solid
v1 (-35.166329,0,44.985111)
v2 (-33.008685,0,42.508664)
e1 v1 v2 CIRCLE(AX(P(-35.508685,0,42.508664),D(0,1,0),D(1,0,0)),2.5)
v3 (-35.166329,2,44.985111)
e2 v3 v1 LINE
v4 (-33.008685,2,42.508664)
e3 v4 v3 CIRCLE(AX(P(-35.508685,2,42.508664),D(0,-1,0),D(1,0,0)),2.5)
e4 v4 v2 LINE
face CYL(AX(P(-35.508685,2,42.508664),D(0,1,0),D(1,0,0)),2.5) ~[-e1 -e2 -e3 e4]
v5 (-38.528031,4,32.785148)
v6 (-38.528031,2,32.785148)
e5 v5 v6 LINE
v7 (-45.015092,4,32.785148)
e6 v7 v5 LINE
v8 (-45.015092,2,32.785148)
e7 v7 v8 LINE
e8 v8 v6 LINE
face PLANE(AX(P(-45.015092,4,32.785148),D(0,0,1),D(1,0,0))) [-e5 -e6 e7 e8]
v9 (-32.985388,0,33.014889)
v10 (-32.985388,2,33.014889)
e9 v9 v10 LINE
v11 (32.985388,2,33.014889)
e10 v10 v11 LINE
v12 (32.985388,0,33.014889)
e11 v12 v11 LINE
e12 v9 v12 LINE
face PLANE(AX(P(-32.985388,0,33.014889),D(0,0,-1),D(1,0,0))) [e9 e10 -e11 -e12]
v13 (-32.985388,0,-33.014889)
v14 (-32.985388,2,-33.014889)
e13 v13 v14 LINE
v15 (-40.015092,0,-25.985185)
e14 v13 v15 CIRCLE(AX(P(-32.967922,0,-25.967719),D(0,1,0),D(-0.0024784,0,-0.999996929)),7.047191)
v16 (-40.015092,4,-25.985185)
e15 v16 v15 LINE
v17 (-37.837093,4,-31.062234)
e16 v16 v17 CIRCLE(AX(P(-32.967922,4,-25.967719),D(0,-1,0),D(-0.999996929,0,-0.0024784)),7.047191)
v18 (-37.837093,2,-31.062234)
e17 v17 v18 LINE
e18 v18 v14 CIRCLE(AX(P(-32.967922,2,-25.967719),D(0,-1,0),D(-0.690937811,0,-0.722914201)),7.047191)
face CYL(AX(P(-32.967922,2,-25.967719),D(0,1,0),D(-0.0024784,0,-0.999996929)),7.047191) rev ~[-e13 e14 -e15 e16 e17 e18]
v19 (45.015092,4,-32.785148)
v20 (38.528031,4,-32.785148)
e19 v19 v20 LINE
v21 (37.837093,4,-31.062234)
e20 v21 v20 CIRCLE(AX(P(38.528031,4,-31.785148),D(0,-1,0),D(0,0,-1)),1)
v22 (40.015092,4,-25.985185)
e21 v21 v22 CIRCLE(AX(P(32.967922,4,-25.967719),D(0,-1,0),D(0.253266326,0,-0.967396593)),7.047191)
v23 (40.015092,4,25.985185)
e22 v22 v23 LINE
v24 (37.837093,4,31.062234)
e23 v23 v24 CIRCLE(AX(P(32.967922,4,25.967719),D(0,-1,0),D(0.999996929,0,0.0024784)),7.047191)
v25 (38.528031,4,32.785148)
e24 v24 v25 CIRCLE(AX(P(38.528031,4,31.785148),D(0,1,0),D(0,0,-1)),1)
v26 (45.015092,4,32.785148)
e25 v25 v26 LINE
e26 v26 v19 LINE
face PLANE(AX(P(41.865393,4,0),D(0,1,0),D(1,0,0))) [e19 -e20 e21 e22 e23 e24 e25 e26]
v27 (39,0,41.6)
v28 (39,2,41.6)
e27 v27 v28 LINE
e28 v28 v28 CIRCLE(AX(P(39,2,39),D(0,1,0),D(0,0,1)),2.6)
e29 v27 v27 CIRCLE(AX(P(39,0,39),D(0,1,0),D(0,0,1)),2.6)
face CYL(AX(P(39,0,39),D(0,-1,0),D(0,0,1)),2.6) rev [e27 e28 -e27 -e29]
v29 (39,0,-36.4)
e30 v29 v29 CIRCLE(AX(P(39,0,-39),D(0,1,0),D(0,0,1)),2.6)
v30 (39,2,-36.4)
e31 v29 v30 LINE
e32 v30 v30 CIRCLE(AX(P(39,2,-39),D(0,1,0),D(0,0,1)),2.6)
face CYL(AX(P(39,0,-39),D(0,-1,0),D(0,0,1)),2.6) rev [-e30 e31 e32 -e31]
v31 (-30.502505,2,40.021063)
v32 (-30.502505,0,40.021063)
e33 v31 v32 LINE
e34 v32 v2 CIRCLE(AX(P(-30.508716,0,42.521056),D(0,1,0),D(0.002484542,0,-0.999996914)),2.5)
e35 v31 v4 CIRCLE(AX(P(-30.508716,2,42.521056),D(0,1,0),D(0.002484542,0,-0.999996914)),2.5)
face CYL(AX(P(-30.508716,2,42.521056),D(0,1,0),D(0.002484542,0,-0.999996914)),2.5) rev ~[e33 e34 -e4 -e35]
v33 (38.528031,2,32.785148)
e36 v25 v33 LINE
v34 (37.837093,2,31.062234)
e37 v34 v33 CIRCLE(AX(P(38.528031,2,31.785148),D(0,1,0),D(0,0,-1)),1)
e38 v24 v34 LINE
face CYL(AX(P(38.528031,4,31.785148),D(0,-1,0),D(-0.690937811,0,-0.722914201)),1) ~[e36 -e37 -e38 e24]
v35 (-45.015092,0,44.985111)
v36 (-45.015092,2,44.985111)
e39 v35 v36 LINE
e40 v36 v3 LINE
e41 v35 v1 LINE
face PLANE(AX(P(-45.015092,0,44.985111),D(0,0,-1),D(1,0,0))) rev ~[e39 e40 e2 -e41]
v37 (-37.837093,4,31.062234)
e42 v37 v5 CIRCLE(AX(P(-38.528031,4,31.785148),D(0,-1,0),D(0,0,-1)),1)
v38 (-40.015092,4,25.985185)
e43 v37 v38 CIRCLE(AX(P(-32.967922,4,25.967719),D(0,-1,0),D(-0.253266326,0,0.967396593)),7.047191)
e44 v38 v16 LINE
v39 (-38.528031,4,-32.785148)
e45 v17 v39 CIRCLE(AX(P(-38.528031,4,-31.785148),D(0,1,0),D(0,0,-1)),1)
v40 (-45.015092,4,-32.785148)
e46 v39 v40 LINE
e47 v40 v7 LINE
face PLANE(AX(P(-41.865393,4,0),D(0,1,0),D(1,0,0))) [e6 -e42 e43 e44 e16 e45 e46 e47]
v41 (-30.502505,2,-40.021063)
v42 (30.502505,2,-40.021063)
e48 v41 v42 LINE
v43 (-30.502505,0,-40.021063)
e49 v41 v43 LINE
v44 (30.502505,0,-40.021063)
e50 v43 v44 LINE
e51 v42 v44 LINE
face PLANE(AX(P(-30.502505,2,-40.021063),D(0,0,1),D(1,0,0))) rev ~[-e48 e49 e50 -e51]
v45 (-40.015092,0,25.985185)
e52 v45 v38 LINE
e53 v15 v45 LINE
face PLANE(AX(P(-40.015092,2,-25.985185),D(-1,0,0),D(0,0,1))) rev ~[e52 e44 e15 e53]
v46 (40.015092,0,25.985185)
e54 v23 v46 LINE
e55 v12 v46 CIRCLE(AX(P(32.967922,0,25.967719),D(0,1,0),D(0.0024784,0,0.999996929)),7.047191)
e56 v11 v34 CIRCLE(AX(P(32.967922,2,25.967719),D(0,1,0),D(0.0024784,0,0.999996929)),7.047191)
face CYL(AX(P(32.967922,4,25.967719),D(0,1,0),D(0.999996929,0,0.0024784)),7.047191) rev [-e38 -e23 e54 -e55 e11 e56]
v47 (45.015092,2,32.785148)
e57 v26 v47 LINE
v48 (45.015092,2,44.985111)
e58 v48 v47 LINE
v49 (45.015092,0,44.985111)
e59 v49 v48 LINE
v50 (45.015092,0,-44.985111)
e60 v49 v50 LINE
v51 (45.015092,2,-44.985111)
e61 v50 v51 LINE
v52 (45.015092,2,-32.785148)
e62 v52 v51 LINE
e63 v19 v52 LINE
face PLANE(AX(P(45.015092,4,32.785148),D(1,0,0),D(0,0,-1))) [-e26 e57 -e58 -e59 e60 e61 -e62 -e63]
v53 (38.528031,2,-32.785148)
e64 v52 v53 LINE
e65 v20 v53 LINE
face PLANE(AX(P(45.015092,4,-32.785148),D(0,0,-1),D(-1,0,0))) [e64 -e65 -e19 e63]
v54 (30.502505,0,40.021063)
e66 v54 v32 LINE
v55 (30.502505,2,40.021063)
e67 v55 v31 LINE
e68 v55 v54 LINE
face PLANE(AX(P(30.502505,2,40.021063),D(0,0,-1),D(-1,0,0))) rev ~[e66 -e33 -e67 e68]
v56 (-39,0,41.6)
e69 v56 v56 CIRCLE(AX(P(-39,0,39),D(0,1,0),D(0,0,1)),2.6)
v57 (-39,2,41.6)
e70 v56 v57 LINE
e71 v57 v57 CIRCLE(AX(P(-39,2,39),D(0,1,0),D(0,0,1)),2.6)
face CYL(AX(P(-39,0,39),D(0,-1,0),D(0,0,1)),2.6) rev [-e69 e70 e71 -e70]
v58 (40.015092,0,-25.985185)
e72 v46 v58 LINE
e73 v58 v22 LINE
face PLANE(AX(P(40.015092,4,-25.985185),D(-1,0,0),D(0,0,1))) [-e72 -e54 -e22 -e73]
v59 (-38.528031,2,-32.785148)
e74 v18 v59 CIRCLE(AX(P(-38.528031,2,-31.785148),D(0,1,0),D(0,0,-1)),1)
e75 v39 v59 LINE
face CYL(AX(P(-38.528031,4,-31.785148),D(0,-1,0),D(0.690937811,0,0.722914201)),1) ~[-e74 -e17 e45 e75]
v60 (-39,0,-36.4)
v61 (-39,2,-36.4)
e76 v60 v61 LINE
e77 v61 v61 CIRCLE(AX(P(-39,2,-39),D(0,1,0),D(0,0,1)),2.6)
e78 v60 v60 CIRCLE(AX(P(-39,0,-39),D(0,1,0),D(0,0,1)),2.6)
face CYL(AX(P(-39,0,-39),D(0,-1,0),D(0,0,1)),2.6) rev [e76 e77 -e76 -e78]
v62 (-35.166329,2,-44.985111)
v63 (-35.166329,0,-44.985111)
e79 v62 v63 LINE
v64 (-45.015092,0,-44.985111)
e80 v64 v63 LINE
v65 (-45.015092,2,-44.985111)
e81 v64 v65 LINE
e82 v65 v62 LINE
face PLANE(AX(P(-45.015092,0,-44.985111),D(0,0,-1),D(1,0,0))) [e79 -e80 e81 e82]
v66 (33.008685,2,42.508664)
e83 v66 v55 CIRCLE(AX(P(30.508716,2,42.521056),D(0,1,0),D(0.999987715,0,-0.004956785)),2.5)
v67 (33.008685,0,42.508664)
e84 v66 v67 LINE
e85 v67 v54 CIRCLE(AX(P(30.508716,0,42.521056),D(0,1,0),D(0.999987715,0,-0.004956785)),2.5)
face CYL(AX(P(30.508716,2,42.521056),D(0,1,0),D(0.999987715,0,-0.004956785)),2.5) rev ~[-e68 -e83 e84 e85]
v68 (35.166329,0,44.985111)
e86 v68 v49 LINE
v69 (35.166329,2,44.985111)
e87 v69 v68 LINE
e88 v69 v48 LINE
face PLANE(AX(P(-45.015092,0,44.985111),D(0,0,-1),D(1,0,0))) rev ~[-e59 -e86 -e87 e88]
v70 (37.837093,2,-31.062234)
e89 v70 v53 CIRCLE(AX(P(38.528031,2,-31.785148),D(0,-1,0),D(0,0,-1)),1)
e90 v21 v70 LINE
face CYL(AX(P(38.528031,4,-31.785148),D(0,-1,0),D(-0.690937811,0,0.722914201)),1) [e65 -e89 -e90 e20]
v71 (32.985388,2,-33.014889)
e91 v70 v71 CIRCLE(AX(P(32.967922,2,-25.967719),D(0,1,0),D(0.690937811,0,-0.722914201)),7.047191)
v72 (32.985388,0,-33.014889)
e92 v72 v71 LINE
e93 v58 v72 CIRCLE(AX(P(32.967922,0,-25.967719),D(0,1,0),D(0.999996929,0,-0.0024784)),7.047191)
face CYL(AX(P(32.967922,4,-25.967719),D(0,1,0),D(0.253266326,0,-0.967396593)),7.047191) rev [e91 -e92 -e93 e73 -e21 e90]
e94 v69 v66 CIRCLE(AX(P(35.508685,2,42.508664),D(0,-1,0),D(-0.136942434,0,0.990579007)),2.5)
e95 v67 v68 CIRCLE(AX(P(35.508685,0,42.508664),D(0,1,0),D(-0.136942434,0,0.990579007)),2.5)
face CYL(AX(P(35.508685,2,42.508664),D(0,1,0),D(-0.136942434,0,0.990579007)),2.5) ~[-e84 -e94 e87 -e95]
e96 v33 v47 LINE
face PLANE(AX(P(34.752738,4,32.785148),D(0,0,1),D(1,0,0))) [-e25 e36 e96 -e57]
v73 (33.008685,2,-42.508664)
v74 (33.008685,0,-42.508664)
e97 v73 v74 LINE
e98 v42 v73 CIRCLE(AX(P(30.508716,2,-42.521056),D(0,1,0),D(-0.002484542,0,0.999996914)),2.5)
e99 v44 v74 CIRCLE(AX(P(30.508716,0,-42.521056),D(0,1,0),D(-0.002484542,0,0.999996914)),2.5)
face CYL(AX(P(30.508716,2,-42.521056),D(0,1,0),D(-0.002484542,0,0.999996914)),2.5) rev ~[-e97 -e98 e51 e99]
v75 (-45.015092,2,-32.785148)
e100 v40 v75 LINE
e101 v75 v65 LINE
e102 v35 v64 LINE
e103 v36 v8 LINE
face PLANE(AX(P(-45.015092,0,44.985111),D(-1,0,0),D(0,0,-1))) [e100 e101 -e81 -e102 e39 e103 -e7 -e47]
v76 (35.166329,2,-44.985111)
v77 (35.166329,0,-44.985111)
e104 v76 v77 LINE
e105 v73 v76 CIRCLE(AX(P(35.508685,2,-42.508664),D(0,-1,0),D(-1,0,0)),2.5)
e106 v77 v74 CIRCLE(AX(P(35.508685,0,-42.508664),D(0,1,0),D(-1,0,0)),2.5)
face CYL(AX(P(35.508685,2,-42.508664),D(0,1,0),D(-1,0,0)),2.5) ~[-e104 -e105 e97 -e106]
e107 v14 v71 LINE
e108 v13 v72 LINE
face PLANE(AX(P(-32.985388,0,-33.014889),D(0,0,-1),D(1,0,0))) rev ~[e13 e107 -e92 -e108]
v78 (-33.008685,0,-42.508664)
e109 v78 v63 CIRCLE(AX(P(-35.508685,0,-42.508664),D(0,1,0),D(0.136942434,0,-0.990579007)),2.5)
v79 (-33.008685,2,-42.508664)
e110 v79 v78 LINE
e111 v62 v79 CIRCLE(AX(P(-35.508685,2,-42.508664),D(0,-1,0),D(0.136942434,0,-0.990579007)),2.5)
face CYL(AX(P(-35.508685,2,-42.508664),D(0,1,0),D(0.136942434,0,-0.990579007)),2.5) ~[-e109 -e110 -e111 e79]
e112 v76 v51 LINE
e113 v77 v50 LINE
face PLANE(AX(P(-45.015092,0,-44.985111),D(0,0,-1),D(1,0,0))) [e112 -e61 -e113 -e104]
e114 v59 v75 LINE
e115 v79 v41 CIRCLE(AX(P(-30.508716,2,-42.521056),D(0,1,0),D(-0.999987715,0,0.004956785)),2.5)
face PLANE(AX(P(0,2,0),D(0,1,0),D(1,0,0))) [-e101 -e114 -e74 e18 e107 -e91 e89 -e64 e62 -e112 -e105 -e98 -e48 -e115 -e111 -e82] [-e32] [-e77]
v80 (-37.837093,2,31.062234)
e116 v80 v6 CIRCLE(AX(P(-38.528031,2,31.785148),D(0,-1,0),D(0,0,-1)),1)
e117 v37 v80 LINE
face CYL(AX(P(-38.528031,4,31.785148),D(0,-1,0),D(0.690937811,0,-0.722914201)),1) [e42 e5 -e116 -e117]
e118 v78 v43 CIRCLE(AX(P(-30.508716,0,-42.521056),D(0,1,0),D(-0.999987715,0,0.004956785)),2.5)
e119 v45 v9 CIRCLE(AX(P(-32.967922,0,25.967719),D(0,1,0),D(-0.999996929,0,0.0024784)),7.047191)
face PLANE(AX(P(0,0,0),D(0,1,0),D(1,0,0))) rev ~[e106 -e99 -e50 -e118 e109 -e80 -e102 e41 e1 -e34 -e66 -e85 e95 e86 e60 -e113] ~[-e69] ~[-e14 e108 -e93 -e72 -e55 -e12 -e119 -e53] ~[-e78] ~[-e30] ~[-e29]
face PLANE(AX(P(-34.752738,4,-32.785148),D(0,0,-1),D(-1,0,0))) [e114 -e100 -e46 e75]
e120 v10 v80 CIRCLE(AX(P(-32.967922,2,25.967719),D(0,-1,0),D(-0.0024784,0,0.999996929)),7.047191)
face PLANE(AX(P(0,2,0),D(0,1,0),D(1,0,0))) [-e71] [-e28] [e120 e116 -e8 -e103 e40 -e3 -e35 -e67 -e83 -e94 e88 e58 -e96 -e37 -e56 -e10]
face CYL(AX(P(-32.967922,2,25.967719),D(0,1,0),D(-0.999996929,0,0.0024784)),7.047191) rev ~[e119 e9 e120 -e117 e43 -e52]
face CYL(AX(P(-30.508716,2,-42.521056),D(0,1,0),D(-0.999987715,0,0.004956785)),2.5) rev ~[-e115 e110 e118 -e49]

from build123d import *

# Parameters (mm, degrees)
SKETCH_1_W          = 90.03018306390481
SKETCH_1_H          = 89.97022234109225
SKETCH_1_R          = 2.599999999999996
SKETCH_1_W_2        = 65.97077516555349
SKETCH_1_H_2        = 66.02977765890743
EXTRUDE_1_DEPTH     = 2
CUT_EXTRUDE_1_DEPTH = 64.67117630966501
CUT_EXTRUDE_2_DEPTH = 64.67117630966501
EXTRUDE_START       = 2
EXTRUDE_2_DEPTH     = 2
FILLET_1_R          = 1


with BuildPart() as part:
    # 草图1 → 凸台-拉伸1 (new body)
    with BuildSketch(Plane(origin=(0, 0, 0), x_dir=(1, 0, 0), z_dir=(0, 1, 0))):
        Rectangle(SKETCH_1_W, SKETCH_1_H)
        with Locations(Location((39.00000000000001, 38.99999999999999, 0), (0, 0, 270))):
            Circle(SKETCH_1_R, mode=Mode.SUBTRACT)
        with Locations(Location((39.000000000000014, -39.00000000000001, 0), (0, 0, 270))):
            Circle(SKETCH_1_R, mode=Mode.SUBTRACT)
        with Locations(Location((-38.99999999999998, -39.00000000000001, 0), (0, 0, 270))):
            Circle(SKETCH_1_R, mode=Mode.SUBTRACT)
        with Locations(Location((-38.99999999999999, 38.99999999999999, 0), (0, 0, 270))):
            Circle(SKETCH_1_R, mode=Mode.SUBTRACT)
        Rectangle(SKETCH_1_W_2, SKETCH_1_H_2, mode=Mode.SUBTRACT)
    extrude(amount=EXTRUDE_1_DEPTH)

    # 草图3 → 切除-拉伸1 (cut, through all)
    with BuildSketch(Plane(origin=(0, 2, 0), x_dir=(1, 0, 0), z_dir=(0, 1, 0))):
        with BuildLine():
            Line((35.16632906527342, 44.985111170546105), (-35.16632906527342, 44.985111170546126))
            ThreePointArc((-35.16632906527342, 44.98511117054611), (-33.623759393307296, 44.150934913211564), (-33.00868514907322, 42.50866365204603))
            ThreePointArc((-33.00868514907322, 42.50866365204603), (-32.2698933068484, 40.74672362699537), (-30.502504505895168, 40.02106333162392))
            Line((-30.502504505895168, 40.02106333162392), (30.502504505895196, 40.0210633316239))
            ThreePointArc((30.502504505895196, 40.0210633316239), (32.269893306848424, 40.74672362699535), (33.00868514907325, 42.50866365204601))
            ThreePointArc((33.00868514907325, 42.50866365204601), (33.62375939330732, 44.150934913211536), (35.16632906527342, 44.98511117054609))
        make_face()
        with BuildLine():
            Line((30.502504505895207, -40.0210633316239), (-30.502504505895114, -40.02106333162392))
            ThreePointArc((-30.502504505895114, -40.02106333162392), (-32.269893306848346, -40.74672362699537), (-33.008685149073166, -42.50866365204603))
            ThreePointArc((-33.008685149073166, -42.50866365204603), (-33.62375939330724, -44.150934913211564), (-35.166329065273366, -44.98511117054611))
            Line((-35.166329065273366, -44.985111170546126), (35.16632906527344, -44.985111170546105))
            ThreePointArc((35.16632906527343, -44.98511117054609), (33.623759393307324, -44.150934913211536), (33.00868514907326, -42.50866365204601))
            ThreePointArc((33.00868514907326, -42.50866365204601), (32.26989330684843, -40.74672362699535), (30.502504505895203, -40.0210633316239))
        make_face()
    extrude(amount=-CUT_EXTRUDE_1_DEPTH, mode=Mode.SUBTRACT)

    # 草图4 → 切除-拉伸2 (cut, through all)
    with BuildSketch(Plane(origin=(0, 2, 0), x_dir=(1, 0, 0), z_dir=(0, 1, 0))):
        with BuildLine():
            Line((-32.985387582776745, -33.01488882945372), (-32.985387582776724, 33.01488882945372))
            ThreePointArc((-32.985387582776724, 33.01488882945372), (-37.9510386162303, 30.950835913733954), (-40.0150915319524, 25.985184880281345))
            Line((-40.01509153195237, 25.985184880281345), (-40.01509153195237, 25.95025335742635))
            Line((-40.01509153195237, 25.95025335742635), (-40.0150915319524, -25.95025335742637))
            Line((-40.0150915319524, -25.95025335742637), (-40.0150915319524, -25.985184880281345))
            ThreePointArc((-40.015091531952386, -25.985184880281345), (-37.95103861623032, -30.950835913733957), (-32.985387582776745, -33.01488882945372))
        make_face()
        with BuildLine():
            Line((40.01509153195237, 25.950253357426362), (40.01509153195237, 25.985184880281345))
            ThreePointArc((40.0150915319524, 25.985184880281345), (37.9510386162303, 30.95083591373395), (32.985387582776724, 33.01488882945372))
            Line((32.985387582776724, 33.01488882945372), (32.985387582776745, -33.01488882945372))
            ThreePointArc((32.985387582776745, -33.01488882945372), (37.95103861623032, -30.950835913733957), (40.0150915319524, -25.985184880281345))
            Line((40.0150915319524, -25.985184880281345), (40.0150915319524, -25.950253357426362))
            Line((40.0150915319524, -25.950253357426362), (40.01509153195237, 25.950253357426362))
        make_face()
    extrude(amount=-CUT_EXTRUDE_2_DEPTH, mode=Mode.SUBTRACT)

    # 草图5 → 凸台-拉伸2 (add)
    with BuildSketch(Plane(origin=(0, 2, 0), x_dir=(1, 0, 0), z_dir=(0, 1, 0)).offset(EXTRUDE_START)):
        with BuildLine():
            Line((45.015091531952415, -32.78514802541212), (45.015091531952415, 32.78514802541212))
            Line((45.015091531952415, 32.78514802541212), (34.75273808271875, 32.78514802541212))
            ThreePointArc((34.75273808271875, 32.78514802541213), (38.54114967835172, 30.28072702943986), (40.01509153195237, 25.985184880281345))
            Line((40.01509153195237, 25.985184880281345), (40.0150915319524, -25.985184880281345))
            ThreePointArc((40.0150915319524, -25.985184880281345), (38.54114967835175, -30.280727029439863), (34.75273808271877, -32.78514802541212))
            Line((34.75273808271877, -32.78514802541212), (45.015091531952415, -32.78514802541212))
        make_face()
        with BuildLine():
            Line((-45.01509153195241, 32.78514802541209), (-45.01509153195241, -32.78514802541212))
            Line((-45.0150915319524, -32.78514802541212), (-34.75273808271877, -32.78514802541212))
            ThreePointArc((-34.75273808271877, -32.78514802541212), (-38.54114967835175, -30.280727029439863), (-40.0150915319524, -25.985184880281345))
            Line((-40.0150915319524, -25.985184880281345), (-40.01509153195237, 25.985184880281345))
            ThreePointArc((-40.01509153195237, 25.985184880281345), (-38.54114967835173, 30.280727029439863), (-34.75273808271875, 32.78514802541213))
            Line((-34.75273808271875, 32.78514802541212), (-45.01509153195241, 32.78514802541209))
        make_face()
    extrude(amount=-EXTRUDE_2_DEPTH)

    # 圆角1
    fillet_1_edges = [part.edges().sort_by_distance(p)[0] for p in [
        (34.75273808271877, 3, 32.78514802541213),
        (34.75273808271875, 3, -32.78514802541213),
        (-34.75273808271875, 3, -32.78514802541213),
        (-34.75273808271877, 3, 32.78514802541212),
    ]]
    fillet(fillet_1_edges, radius=FILLET_1_R)


solid = part.part
